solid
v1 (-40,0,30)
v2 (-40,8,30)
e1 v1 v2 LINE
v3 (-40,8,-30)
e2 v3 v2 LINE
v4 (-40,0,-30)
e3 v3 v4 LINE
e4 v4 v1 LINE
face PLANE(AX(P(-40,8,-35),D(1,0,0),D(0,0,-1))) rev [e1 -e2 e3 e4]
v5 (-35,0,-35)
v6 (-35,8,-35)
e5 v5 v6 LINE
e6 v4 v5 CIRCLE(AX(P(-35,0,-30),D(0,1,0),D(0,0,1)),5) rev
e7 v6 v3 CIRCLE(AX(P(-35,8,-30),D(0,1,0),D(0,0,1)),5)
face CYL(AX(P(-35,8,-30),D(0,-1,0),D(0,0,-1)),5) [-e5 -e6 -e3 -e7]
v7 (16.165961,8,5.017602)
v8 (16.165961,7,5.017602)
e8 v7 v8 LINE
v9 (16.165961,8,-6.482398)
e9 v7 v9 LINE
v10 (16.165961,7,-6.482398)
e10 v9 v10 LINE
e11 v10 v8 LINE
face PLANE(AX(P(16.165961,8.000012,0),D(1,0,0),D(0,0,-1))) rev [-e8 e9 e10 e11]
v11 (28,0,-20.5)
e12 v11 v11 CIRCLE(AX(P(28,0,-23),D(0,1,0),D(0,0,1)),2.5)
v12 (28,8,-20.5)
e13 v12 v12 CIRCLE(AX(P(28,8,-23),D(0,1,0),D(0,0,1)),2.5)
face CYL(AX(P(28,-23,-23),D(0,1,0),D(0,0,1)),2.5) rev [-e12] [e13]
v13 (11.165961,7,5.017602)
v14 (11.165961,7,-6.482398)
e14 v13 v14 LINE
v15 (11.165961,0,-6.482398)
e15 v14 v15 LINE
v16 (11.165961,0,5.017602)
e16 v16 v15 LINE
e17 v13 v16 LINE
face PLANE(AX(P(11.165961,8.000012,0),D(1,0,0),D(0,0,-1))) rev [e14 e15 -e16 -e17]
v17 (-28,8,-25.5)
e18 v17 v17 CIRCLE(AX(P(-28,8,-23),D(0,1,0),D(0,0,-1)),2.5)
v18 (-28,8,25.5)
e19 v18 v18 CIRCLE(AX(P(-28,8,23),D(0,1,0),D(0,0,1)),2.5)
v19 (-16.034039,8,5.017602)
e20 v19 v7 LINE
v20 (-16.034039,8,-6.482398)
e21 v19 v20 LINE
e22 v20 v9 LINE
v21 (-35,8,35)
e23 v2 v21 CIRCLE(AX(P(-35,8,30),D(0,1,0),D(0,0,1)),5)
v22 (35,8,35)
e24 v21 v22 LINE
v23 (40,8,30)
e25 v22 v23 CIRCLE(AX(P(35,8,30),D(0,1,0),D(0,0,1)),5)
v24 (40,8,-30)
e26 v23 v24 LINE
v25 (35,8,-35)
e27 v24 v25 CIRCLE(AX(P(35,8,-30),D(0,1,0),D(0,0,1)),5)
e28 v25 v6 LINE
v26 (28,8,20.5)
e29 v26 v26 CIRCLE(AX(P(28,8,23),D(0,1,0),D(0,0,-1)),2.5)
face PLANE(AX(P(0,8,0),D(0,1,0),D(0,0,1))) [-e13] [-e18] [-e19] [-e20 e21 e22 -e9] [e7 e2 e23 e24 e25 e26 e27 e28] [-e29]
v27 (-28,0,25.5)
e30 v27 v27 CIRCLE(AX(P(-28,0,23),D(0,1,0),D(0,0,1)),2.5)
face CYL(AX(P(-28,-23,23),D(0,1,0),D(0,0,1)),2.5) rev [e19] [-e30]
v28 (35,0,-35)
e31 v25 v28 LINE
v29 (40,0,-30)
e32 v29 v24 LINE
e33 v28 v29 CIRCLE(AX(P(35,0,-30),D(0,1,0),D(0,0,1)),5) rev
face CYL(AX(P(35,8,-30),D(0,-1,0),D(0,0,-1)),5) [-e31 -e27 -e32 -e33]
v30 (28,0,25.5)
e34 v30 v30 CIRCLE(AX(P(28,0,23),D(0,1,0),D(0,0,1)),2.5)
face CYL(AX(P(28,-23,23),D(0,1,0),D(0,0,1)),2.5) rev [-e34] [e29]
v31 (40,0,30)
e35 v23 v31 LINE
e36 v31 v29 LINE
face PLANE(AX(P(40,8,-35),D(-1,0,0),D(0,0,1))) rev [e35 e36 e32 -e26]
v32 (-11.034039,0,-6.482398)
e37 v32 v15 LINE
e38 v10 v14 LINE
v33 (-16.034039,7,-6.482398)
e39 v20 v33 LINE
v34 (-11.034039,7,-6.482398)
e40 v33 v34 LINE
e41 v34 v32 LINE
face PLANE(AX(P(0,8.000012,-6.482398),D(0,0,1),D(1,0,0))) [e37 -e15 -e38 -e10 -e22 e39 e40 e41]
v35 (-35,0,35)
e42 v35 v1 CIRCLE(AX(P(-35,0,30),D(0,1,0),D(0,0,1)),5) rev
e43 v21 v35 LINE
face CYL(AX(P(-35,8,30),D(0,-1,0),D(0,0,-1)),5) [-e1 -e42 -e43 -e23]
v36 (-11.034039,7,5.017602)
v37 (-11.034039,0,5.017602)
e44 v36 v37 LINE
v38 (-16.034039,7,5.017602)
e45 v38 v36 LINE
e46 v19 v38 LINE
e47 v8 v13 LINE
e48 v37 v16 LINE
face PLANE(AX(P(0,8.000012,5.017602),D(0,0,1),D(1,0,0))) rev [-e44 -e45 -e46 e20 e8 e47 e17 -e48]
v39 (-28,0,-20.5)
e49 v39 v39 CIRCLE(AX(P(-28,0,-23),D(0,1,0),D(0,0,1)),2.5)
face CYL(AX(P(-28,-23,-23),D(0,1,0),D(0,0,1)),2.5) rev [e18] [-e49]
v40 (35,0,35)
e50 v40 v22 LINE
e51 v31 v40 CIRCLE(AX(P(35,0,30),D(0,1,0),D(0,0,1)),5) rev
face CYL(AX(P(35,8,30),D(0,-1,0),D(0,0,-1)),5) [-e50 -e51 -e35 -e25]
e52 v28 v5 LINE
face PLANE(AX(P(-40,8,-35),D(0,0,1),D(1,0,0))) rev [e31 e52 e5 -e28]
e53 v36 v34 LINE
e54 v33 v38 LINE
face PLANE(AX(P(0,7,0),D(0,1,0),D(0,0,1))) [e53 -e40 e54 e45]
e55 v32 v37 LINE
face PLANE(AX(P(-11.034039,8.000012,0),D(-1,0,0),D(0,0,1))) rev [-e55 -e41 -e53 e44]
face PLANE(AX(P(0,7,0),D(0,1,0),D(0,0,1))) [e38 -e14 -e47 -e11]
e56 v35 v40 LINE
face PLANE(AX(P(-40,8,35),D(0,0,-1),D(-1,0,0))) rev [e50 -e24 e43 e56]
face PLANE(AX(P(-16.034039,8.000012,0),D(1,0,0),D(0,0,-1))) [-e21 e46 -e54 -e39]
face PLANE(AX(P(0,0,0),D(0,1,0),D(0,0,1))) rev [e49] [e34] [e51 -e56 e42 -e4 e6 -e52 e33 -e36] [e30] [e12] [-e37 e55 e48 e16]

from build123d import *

# Parameters (mm, degrees)
SKETCH1_W               = 80
SKETCH1_H               = 70
BOSS_EXTRUDE1_DEPTH     = 8
FILLET1_R               = 5
CUT_EXTRUDE1_DEPTH      = 54.749418602
CUT_EXTRUDE1_DEPTH_BACK = 18
SKETCH2_W               = 22.2
SKETCH2_H               = 11.5
CUT_EXTRUDE2_DEPTH      = 54.749418602
CUT_EXTRUDE2_DEPTH_BACK = 1
SKETCH2_3_W             = 5
SKETCH2_3_H             = 11.5
SKETCH3_R               = 2.5
CUT_EXTRUDE3_DEPTH      = 31


with BuildPart() as part:
    # Sketch1 → Boss-Extrude1 (new body)
    with BuildSketch(Plane(origin=(0, 0, 0), x_dir=(1, 0, 0), z_dir=(0, 1, 0))):
        Rectangle(SKETCH1_W, SKETCH1_H)
    extrude(amount=BOSS_EXTRUDE1_DEPTH)

    # Fillet1
    fillet1_edges = [part.edges().sort_by_distance(p)[0] for p in [
        (40, 4, 35),
        (-40, 4, 35),
        (-40, 4, -35),
        (40, 4, -35),
    ]]
    fillet(fillet1_edges, radius=FILLET1_R)

    # Sketch2 → Cut-Extrude1 (cut, two sides: drawn at the far end of the back side and taken through both)
    with BuildSketch(Plane(origin=(0, 8, 0), x_dir=(1, 0, 0), z_dir=(0, 1, 0)).offset(-CUT_EXTRUDE1_DEPTH_BACK)):
        with Locations((0.065960995, 0.732397703)):
            Rectangle(SKETCH2_W, SKETCH2_H)
    extrude(amount=CUT_EXTRUDE1_DEPTH + CUT_EXTRUDE1_DEPTH_BACK, mode=Mode.SUBTRACT)

    # Sketch2<3> → Cut-Extrude2 (cut, two sides: drawn at the far end of the back side and taken through both)
    with BuildSketch(Plane(origin=(0, 8, 0), x_dir=(1, 0, 0), z_dir=(0, 1, 0)).offset(-CUT_EXTRUDE2_DEPTH_BACK)):
        with Locations((13.665960995, 0.732397703)):
            Rectangle(SKETCH2_3_W, SKETCH2_3_H)
        with Locations((-13.534039005, 0.732397703)):
            Rectangle(SKETCH2_3_W, SKETCH2_3_H)
    extrude(amount=CUT_EXTRUDE2_DEPTH + CUT_EXTRUDE2_DEPTH_BACK, mode=Mode.SUBTRACT)

    # Sketch3 → Cut-Extrude3 (cut)
    with BuildSketch(Plane(origin=(0, 8, 0), x_dir=(1, 0, 0), z_dir=(0, 1, 0))):
        with Locations((28, 23)):
            Circle(SKETCH3_R)
        with Locations((28, -23)):
            Circle(SKETCH3_R)
        with Locations((-28, 23)):
            Circle(SKETCH3_R)
        with Locations((-28, -23)):
            Circle(SKETCH3_R)
    extrude(amount=-CUT_EXTRUDE3_DEPTH, mode=Mode.SUBTRACT)


solid = part.part
